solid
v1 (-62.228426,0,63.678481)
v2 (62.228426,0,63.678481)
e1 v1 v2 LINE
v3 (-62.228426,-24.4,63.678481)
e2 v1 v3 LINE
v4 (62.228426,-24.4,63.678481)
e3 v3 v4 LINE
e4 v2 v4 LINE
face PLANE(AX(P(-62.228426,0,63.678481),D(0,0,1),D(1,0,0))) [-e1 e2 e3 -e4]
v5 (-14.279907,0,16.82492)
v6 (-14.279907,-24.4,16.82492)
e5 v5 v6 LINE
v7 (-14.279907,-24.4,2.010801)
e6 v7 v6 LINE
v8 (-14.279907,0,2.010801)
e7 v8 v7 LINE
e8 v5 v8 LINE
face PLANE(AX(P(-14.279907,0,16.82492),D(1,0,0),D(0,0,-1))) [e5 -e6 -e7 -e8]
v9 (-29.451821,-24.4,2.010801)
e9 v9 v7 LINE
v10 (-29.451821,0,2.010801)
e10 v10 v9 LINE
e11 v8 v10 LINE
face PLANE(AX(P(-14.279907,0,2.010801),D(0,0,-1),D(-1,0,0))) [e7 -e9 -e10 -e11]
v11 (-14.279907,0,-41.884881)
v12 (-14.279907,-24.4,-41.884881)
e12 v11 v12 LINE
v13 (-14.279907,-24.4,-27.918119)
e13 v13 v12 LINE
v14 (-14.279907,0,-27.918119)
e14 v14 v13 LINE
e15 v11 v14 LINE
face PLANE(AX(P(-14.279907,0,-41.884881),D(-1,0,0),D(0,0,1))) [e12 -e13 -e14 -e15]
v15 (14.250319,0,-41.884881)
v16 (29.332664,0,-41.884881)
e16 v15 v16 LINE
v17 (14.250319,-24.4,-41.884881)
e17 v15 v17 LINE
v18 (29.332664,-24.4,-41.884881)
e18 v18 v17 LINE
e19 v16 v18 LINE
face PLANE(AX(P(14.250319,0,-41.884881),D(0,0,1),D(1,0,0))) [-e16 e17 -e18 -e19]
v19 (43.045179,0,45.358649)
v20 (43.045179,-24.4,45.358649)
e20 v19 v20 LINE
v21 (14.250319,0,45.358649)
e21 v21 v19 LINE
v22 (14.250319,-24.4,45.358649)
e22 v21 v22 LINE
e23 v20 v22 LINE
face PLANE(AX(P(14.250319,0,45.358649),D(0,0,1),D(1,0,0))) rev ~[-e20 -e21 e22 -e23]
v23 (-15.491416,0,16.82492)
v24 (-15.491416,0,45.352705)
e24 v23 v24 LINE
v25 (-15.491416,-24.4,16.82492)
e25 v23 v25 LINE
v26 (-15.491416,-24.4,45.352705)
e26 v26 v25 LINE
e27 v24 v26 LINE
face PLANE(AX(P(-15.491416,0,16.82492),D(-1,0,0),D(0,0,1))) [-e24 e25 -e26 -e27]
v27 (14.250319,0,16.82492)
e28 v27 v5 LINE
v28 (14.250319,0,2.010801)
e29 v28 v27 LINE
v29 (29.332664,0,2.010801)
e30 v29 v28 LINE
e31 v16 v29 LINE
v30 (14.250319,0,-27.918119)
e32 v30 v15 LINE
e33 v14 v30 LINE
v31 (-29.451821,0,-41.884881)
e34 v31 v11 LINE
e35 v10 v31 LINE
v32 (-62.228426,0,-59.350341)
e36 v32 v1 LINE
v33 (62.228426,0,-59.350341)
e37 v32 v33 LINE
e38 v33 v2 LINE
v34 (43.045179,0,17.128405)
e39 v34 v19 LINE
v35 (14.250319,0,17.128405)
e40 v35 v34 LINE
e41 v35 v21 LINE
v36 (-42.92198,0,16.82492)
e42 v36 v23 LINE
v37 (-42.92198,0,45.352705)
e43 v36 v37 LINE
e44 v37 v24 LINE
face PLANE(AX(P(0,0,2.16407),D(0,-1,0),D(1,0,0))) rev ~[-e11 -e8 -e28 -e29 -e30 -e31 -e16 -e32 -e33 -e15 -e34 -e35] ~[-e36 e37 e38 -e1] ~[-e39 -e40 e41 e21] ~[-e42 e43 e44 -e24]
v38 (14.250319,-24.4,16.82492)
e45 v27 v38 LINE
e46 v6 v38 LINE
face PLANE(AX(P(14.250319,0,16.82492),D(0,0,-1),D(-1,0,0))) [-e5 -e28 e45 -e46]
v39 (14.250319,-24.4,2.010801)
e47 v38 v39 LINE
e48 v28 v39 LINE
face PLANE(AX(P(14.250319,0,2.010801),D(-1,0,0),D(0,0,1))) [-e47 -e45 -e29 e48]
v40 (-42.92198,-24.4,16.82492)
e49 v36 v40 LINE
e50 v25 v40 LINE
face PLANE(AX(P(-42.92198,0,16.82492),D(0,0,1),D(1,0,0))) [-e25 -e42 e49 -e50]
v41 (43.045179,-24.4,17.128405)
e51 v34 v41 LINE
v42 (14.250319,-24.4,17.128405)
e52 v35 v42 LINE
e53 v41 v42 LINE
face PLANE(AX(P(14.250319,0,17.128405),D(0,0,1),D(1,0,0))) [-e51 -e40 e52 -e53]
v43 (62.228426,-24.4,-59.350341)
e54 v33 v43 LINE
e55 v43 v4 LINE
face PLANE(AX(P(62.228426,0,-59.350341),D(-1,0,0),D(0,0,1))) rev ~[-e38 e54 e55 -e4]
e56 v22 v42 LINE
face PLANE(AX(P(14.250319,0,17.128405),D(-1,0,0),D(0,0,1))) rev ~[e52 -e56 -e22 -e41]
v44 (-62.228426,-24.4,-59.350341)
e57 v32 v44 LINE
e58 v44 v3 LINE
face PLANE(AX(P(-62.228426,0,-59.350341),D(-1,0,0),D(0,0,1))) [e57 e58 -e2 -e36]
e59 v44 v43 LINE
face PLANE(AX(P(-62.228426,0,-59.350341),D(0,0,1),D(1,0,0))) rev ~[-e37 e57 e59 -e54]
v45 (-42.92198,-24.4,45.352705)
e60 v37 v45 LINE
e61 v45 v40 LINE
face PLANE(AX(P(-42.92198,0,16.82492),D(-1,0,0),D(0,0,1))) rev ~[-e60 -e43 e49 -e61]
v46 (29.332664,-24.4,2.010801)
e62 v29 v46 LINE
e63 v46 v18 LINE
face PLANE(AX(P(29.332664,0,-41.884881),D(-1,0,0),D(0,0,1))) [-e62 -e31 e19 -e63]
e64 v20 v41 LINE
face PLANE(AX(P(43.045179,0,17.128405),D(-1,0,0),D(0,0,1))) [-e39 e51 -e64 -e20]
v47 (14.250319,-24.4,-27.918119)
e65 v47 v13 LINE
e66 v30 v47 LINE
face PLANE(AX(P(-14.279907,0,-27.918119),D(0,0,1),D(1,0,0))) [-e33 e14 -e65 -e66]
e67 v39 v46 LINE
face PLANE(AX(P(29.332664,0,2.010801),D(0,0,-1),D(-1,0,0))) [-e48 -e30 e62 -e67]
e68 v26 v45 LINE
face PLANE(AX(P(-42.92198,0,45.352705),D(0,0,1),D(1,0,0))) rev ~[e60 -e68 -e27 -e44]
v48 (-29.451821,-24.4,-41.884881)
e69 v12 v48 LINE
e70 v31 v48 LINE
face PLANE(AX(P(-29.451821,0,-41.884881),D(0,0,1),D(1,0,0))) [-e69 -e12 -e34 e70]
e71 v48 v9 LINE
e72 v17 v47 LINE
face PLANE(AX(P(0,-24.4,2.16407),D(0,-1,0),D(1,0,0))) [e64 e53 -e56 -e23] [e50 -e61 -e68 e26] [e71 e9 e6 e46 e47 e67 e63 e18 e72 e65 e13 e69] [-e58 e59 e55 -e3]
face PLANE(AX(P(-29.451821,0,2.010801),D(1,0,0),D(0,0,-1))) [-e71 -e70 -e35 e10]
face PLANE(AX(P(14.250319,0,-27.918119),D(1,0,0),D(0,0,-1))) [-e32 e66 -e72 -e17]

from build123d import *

# Parameters (mm, degrees)
F0_W     = 124.456852
F0_H     = 123.028823
F2_DEPTH = 24.4
F1_W     = 27.430565
F1_H     = 28.527785
F1_W_2   = 28.79486
F1_H_2   = 28.230243
F3_DEPTH = 25


with BuildPart() as f2:
    # F0 (on Front) → F2 (new body)
    with BuildSketch(Plane.XZ):
        with Locations((0, 2.16407)):
            Rectangle(F0_W, F0_H)
    extrude(amount=F2_DEPTH)

    # F1 (on Front) → F3 (cut)
    with BuildSketch(Plane.XZ):
        with Locations((-29.206698, 31.088812)):
            Rectangle(F1_W, F1_H)
        with Locations((28.647749, 31.243527)):
            Rectangle(F1_W_2, F1_H_2)
        Polygon((-29.451821, 2.010801), (-29.451821, -41.444603), (-29.451821, -41.884881), (-14.279907, -41.884881), (-14.279907, -27.918119), (14.250319, -27.918119), (14.250319, -41.884881), (29.332664, -41.884881), (29.332664, 2.010801), (14.250319, 2.010801), (14.250319, 16.82492), (-14.279907, 16.82492), (-14.279907, 2.010801), align=None)
    extrude(amount=F3_DEPTH, mode=Mode.SUBTRACT)


solid = f2.part
